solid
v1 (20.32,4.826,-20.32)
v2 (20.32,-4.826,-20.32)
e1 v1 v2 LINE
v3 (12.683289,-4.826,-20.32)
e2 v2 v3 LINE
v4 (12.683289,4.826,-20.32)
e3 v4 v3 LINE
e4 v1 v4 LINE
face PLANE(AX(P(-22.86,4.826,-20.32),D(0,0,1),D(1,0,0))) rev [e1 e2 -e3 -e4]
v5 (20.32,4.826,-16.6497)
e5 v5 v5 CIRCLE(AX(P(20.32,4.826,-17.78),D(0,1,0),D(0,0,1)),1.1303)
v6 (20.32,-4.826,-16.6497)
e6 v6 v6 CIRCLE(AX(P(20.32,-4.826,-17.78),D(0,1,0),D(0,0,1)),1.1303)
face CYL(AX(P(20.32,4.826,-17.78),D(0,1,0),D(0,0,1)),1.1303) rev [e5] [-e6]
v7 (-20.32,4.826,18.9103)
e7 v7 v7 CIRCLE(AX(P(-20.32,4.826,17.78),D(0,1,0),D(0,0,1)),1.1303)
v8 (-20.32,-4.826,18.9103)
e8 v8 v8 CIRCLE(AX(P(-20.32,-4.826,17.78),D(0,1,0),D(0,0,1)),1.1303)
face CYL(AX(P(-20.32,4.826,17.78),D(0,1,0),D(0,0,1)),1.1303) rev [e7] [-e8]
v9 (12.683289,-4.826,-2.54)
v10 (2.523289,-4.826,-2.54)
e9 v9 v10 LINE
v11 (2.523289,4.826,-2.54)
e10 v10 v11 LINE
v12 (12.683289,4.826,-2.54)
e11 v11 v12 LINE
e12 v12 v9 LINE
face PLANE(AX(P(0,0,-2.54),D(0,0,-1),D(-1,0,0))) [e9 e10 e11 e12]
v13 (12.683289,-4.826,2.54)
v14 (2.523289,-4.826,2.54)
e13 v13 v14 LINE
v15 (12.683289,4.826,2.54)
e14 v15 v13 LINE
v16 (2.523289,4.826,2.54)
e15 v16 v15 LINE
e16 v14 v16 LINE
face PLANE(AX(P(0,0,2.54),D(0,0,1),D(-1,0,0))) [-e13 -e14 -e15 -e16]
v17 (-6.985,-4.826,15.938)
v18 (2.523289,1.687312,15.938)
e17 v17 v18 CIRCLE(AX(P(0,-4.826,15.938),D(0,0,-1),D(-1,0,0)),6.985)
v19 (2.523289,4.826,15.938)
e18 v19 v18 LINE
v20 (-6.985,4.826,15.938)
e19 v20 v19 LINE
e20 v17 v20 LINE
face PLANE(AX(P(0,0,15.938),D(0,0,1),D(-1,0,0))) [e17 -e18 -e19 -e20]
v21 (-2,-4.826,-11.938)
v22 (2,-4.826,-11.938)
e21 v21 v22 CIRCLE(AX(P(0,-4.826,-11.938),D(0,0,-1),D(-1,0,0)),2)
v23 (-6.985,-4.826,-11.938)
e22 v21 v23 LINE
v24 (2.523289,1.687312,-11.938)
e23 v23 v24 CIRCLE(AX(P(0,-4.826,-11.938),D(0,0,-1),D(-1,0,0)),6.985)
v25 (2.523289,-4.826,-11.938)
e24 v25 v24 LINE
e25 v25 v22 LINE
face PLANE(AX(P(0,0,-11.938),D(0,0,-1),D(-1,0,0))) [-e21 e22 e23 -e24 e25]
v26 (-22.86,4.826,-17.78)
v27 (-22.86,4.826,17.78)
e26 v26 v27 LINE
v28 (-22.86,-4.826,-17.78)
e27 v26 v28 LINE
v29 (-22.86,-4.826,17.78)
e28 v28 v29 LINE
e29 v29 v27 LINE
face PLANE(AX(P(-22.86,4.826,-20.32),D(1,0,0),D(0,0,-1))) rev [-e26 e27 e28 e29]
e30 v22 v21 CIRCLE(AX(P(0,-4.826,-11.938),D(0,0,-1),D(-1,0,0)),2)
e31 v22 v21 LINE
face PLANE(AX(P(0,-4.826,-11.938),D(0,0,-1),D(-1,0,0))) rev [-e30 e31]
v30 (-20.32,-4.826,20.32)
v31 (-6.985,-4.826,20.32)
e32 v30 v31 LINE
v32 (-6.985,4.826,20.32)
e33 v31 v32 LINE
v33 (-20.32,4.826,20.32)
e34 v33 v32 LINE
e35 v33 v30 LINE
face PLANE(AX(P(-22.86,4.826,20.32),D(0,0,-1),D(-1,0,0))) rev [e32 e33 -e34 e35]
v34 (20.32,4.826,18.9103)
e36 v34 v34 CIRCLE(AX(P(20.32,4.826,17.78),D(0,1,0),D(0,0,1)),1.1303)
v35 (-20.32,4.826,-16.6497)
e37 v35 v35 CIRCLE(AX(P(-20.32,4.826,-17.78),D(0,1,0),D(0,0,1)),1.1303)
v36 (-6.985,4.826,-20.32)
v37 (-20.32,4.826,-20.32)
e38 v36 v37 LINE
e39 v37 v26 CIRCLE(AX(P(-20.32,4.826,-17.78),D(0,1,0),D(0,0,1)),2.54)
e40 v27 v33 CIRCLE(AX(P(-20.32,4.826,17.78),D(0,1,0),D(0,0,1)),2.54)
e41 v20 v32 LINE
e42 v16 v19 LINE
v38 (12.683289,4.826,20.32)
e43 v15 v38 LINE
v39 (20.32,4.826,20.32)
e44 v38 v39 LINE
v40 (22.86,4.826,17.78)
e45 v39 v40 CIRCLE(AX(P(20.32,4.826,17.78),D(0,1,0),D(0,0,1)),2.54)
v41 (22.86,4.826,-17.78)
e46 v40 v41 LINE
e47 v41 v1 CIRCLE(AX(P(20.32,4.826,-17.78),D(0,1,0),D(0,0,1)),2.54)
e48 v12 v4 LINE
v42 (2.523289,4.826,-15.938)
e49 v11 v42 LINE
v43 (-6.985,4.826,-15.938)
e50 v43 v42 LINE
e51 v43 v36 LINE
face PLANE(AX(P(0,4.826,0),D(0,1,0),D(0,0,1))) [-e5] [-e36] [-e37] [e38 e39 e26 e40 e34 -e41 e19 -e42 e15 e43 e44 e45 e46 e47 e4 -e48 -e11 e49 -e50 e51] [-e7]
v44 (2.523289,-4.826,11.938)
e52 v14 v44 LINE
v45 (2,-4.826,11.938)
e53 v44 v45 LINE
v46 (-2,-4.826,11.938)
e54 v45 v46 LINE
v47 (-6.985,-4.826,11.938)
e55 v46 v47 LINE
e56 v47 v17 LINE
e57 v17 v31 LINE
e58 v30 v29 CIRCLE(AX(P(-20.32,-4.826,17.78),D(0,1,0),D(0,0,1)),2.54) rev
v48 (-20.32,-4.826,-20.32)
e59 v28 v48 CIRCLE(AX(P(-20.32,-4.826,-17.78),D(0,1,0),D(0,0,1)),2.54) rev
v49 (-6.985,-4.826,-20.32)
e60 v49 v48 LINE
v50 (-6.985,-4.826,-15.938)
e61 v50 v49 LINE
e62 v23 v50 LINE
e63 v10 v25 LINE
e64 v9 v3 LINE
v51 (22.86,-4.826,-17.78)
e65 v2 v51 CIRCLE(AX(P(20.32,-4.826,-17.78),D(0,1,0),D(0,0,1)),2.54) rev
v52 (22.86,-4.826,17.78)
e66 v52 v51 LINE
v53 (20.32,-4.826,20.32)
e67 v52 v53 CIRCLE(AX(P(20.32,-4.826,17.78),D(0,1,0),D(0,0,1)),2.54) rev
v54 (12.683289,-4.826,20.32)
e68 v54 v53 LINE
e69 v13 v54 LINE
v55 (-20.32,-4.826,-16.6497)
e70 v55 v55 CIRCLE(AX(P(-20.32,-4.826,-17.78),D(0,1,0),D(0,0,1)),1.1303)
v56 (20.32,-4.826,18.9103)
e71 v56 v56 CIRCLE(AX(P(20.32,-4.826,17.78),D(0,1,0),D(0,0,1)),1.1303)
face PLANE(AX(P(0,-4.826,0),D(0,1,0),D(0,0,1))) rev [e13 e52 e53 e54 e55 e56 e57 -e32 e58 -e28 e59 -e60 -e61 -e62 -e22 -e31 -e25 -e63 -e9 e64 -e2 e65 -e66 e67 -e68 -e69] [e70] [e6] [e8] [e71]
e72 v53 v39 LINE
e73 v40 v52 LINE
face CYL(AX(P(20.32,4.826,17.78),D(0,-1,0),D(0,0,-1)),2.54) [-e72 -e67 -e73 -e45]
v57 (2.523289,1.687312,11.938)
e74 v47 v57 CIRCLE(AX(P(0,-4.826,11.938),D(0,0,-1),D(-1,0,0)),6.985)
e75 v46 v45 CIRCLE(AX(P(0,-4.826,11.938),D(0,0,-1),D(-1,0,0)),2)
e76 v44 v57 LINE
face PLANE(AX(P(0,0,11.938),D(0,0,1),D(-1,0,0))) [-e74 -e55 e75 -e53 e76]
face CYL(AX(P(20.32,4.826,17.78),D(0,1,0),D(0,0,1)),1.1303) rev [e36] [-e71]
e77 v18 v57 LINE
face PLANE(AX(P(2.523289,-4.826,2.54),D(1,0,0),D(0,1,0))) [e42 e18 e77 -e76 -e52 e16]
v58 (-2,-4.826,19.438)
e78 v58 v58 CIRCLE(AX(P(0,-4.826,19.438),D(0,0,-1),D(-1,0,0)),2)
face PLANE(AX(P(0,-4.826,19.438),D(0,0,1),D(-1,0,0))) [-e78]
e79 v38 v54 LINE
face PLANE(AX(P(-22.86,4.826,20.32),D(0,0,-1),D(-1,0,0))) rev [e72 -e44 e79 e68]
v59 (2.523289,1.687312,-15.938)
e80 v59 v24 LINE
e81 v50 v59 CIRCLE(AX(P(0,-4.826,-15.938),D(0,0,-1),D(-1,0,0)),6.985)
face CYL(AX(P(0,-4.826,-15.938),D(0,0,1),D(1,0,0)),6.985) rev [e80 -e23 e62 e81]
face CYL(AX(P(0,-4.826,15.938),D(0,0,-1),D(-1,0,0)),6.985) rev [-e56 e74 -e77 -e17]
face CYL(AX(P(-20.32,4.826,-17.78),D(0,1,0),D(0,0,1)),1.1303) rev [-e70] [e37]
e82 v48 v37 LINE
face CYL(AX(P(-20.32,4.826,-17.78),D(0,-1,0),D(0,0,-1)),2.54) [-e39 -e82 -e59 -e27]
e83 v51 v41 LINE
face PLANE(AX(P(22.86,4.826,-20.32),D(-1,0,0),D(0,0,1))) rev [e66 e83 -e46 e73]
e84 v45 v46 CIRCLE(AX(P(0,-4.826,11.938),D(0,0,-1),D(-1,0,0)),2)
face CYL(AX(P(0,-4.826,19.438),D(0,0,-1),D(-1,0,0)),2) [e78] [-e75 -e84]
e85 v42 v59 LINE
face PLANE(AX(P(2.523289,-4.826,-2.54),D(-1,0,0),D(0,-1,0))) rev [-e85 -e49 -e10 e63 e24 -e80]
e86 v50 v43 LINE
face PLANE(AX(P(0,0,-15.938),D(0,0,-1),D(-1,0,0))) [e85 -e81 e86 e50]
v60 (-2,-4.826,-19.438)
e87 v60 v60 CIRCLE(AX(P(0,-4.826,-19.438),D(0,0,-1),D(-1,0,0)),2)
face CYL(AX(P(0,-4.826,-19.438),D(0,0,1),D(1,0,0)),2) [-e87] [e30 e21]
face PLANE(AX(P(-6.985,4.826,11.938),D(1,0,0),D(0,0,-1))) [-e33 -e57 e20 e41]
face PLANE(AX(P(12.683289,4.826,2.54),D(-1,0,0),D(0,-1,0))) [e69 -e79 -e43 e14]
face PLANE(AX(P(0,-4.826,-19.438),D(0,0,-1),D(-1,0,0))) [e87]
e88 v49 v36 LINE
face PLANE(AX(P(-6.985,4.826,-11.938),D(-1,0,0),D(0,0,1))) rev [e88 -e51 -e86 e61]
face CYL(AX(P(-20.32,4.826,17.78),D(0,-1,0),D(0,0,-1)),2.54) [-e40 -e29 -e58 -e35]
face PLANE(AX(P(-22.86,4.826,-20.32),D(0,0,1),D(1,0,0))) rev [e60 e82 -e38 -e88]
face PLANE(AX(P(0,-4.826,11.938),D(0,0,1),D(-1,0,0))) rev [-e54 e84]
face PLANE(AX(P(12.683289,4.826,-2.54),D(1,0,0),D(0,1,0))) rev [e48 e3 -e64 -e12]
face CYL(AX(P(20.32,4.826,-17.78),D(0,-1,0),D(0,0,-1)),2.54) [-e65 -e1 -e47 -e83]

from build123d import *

# Parameters (mm, degrees)
SKETCH1_W             = 45.72
SKETCH1_H             = 40.64
BODY_DEPTH            = 4.826
CORNER_FILLET_R       = 2.54
F_4_40_TAPPED_HOLE1_D = 2.2606
SKETCH4_W             = 13.97
SKETCH4_H             = 9.652
WHEEL_CUTOUT_DEPTH    = 8.382
SKETCH5_R             = 2
WHEEL_SHAFT_DEPTH     = 7.5
SKETCH9_W             = 10.16
SKETCH9_H             = 9.652
CUT_EXTRUDE2_DEPTH    = 17.78
BOSS_EXTRUDE2_DEPTH   = 4


with BuildPart() as part:
    # Sketch1 → Body (new body, symmetric)
    with BuildSketch(Plane(origin=(0, 0, 0), x_dir=(1, 0, 0), z_dir=(0, 1, 0))):
        Rectangle(SKETCH1_W, SKETCH1_H)
    extrude(amount=BODY_DEPTH, both=True)

    # Corner Fillet
    corner_fillet_edges = [part.edges().sort_by_distance(p)[0] for p in [
        (22.86, 0, 20.32),
        (-22.86, 0, 20.32),
        (-22.86, 0, -20.32),
        (22.86, 0, -20.32),
    ]]
    fillet(corner_fillet_edges, radius=CORNER_FILLET_R)

    # #4-40 Tapped Hole1 (through all)
    with Locations(Plane(origin=(0, 4.826, 0), x_dir=(1, 0, 0), z_dir=(0, 1, 0))):
        with Locations((20.32, 17.78), (-20.32, -17.78), (-20.32, 17.78), (20.32, -17.78)):
            Hole(F_4_40_TAPPED_HOLE1_D / 2)

    # Sketch4 → Wheel Cutout (cut)
    with BuildSketch(Plane(origin=(0, 0, -20.32), x_dir=(-1, 0, 0), z_dir=(0, 0, -1))):
        Rectangle(SKETCH4_W, SKETCH4_H)
    wheel_cutout = extrude(amount=-WHEEL_CUTOUT_DEPTH, mode=Mode.SUBTRACT)

    # Sketch5 → Wheel Shaft (add)
    with BuildSketch(Plane(origin=(0, 0, -11.938), x_dir=(-1, 0, 0), z_dir=(0, 0, -1))):
        with Locations((0, -4.826)):
            Circle(SKETCH5_R)
    wheel_shaft = extrude(amount=WHEEL_SHAFT_DEPTH)

    # Sketch9 → Cut-Extrude2 (cut)
    with BuildSketch(Plane(origin=(0, 0, -20.32), x_dir=(-1, 0, 0), z_dir=(0, 0, -1))):
        with Locations((-7.603288762, 0)):
            Rectangle(SKETCH9_W, SKETCH9_H)
    cut_extrude2 = extrude(amount=-CUT_EXTRUDE2_DEPTH, mode=Mode.SUBTRACT)

    # Sketch10 → Boss-Extrude2 (add)
    with BuildSketch(Plane(origin=(0, 0, -11.938), x_dir=(-1, 0, 0), z_dir=(0, 0, -1))):
        with BuildLine():
            Line((6.985, 4.826), (-2.523288762, 4.826))
            Line((-2.523288762, 4.826), (-2.523288762, 1.687312431))
            ThreePointArc((-2.523288762, 1.687312431), (3.947470899, 0.936612125), (6.985, -4.826))
            Line((6.985, -4.826), (6.985, 4.826))
        make_face()
    boss_extrude2 = extrude(amount=BOSS_EXTRUDE2_DEPTH)

    # Mirror3: Wheel Cutout, Wheel Shaft, Cut-Extrude2, Boss-Extrude2 across plane
    add(wheel_cutout.mirror(Plane.XY), mode=Mode.SUBTRACT)
    add(wheel_shaft.mirror(Plane.XY))
    add(cut_extrude2.mirror(Plane.XY), mode=Mode.SUBTRACT)
    add(boss_extrude2.mirror(Plane.XY))


solid = part.part
